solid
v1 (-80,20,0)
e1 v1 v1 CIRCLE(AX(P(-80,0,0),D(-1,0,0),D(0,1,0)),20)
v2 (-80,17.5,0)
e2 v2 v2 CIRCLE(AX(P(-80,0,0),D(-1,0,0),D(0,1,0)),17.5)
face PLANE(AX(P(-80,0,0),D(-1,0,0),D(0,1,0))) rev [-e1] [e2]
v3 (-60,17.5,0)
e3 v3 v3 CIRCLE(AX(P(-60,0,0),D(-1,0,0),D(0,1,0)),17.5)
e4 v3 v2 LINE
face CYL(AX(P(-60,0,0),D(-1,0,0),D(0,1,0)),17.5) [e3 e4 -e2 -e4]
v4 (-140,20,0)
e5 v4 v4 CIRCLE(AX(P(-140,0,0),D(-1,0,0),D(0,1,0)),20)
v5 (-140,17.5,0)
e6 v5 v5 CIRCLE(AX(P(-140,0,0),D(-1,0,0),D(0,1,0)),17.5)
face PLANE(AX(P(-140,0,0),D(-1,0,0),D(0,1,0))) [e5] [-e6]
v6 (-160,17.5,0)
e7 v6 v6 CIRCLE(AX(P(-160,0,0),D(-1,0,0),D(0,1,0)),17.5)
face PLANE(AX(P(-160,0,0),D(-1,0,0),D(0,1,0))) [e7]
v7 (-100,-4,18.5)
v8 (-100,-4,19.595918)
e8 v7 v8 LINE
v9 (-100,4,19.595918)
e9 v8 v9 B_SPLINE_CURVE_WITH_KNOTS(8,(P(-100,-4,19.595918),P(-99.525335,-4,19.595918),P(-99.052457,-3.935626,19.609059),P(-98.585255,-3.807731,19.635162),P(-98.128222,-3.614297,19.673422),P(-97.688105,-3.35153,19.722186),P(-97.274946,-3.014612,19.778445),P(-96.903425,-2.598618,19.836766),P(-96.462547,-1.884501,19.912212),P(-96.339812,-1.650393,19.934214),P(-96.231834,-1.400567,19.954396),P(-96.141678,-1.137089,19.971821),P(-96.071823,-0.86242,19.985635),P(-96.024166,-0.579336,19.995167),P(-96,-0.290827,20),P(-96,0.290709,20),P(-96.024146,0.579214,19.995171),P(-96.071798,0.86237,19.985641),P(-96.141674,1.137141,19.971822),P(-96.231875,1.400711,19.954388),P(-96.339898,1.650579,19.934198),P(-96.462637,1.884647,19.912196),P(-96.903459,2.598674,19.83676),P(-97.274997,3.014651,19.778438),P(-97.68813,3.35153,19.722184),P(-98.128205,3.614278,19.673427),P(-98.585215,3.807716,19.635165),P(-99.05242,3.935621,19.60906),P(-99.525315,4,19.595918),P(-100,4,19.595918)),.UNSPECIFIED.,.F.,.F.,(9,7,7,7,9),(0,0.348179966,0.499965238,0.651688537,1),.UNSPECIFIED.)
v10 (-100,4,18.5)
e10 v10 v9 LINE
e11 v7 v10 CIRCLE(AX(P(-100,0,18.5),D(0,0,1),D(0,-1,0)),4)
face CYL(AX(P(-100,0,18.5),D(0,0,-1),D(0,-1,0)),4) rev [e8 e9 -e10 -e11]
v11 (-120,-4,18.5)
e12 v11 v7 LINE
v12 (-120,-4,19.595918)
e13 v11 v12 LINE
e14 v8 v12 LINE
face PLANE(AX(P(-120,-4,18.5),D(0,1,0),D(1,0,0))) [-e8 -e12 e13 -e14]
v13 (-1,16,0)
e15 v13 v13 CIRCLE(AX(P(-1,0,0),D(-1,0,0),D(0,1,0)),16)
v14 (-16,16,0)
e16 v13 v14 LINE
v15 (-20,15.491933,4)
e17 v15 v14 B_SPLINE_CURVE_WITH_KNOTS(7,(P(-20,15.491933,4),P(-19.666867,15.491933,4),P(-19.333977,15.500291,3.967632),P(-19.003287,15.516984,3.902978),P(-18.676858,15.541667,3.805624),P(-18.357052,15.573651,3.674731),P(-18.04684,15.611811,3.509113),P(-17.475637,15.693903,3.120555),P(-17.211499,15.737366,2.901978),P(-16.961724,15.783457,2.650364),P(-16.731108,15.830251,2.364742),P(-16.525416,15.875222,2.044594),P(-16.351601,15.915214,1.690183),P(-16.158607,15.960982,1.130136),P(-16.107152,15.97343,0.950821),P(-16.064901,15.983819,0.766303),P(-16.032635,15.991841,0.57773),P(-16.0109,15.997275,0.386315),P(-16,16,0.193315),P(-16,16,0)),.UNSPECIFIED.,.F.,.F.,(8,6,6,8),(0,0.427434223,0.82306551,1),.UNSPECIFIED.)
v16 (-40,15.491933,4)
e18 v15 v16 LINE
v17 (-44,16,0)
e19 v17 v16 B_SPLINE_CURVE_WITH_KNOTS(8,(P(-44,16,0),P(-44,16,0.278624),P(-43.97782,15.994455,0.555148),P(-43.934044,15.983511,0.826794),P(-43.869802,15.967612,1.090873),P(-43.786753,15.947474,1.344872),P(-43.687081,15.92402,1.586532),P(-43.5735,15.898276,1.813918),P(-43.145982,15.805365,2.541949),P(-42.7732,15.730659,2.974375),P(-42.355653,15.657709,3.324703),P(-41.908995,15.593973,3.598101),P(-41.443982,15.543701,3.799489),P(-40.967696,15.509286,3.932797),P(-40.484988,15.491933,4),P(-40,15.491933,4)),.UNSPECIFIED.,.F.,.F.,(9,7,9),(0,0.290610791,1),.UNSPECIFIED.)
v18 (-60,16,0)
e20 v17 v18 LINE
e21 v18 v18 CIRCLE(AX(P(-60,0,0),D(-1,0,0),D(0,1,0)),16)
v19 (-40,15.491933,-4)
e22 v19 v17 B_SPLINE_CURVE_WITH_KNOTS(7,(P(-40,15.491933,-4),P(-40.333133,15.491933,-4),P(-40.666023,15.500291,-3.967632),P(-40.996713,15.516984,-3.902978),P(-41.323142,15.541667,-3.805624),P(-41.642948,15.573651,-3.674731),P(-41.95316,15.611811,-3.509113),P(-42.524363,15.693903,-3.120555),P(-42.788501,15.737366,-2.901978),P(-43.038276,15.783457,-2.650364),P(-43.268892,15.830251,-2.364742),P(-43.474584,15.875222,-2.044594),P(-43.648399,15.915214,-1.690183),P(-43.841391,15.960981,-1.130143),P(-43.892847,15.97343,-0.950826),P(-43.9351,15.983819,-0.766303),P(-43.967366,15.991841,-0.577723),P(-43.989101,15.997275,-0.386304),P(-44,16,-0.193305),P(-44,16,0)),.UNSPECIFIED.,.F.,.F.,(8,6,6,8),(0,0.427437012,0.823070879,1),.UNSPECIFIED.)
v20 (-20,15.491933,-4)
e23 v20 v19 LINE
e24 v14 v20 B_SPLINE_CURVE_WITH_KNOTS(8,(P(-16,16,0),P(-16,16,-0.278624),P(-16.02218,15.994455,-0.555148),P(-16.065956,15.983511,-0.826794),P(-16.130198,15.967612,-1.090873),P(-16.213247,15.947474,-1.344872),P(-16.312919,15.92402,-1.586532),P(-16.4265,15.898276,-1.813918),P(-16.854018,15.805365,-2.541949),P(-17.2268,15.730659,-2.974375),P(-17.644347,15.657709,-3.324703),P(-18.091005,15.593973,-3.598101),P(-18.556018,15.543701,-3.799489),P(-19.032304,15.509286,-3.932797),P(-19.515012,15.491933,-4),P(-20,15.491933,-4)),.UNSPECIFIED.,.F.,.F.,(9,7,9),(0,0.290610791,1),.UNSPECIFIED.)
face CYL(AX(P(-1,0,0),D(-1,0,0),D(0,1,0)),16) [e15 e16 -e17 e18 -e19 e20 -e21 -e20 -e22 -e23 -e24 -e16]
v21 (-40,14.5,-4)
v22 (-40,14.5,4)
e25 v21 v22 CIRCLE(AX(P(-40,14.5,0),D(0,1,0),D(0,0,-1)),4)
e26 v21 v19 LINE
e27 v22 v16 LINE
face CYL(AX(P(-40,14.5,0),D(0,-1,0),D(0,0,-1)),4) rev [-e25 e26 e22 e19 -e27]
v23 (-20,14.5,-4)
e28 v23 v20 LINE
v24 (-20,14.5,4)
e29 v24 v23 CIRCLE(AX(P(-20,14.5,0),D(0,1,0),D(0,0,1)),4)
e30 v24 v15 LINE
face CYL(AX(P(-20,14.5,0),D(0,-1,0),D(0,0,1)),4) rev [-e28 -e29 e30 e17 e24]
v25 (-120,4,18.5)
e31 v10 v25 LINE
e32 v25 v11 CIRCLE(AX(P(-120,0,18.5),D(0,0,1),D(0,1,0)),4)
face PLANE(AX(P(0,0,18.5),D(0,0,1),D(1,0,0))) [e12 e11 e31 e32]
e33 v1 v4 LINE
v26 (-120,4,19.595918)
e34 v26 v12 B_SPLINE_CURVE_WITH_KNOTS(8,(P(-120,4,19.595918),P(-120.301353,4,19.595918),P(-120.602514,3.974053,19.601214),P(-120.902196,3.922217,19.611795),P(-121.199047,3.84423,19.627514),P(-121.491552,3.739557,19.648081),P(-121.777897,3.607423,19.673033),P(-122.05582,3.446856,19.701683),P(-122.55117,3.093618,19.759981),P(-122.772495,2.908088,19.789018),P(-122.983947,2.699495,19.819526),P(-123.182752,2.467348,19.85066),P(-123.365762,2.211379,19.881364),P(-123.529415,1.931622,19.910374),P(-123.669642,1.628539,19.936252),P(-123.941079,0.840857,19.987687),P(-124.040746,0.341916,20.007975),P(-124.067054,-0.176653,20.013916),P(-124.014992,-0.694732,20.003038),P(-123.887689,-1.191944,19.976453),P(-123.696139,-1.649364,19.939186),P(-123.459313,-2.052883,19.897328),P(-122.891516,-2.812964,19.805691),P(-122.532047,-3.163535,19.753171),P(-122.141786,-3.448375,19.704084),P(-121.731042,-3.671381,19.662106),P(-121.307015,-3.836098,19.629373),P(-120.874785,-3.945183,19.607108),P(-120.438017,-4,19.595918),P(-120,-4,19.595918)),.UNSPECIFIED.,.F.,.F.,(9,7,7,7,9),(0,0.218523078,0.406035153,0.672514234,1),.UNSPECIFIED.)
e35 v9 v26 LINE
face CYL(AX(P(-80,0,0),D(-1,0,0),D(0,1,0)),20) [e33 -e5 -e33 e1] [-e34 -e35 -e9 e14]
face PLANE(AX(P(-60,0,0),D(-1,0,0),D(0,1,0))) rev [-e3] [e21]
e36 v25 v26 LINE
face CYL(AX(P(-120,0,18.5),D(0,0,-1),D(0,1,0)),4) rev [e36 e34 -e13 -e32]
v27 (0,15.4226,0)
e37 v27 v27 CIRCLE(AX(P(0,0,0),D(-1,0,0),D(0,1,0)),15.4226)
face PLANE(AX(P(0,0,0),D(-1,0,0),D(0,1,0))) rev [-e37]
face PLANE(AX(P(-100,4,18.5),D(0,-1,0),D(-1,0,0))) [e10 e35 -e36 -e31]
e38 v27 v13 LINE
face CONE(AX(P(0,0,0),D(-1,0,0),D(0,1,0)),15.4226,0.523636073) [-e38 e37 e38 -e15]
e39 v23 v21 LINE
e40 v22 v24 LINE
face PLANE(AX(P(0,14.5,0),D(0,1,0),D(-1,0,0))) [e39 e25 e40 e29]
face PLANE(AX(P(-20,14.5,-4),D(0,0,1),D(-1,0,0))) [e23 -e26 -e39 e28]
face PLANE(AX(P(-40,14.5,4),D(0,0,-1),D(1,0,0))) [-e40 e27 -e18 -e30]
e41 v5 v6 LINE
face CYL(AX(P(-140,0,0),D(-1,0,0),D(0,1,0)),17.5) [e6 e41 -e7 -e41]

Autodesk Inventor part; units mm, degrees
ref_plane "YZ Plane" through (0, 0, 0) normal (1, 0, 0) x (0, 1, 0)
sketch "Эскиз1" plane through (0, 0, 0) normal (0, 0, 1) x (1, 0, 0)
  line L0 (0, 0) -> (-160, 0)
  line L1 (0, 0) -> (0, 15.4226)
  line L2 (0, 15.4226) -> (-1, 16)
  line L3 (-1, 16) -> (-60, 16)
  line L4 (-60, 16) -> (-60, 17.5)
  line L5 (-60, 17.5) -> (-80, 17.5)
  line L6 (-80, 17.5) -> (-80, 20)
  line L7 (-80, 20) -> (-140, 20)
  line L8 (-140, 20) -> (-140, 17.5)
  line L9 (-140, 17.5) -> (-160, 17.5)
  line L10 (-160, 17.5) -> (-160, 0)
  dimension "d0" = 160
  dimension "d1" = 32
  dimension "d2" = 30
  dimension "d3" = 1
  dimension "d4" = 60
  dimension "d5" = 35
  dimension "d6" = 20
  dimension "d7" = 40
revolve "Вращение1" add sketch "Эскиз1" angle 360 about axis through (0, 0, 0) along (-1, 0, 0)
ref_plane "РабПлоскость1" through (0, 14.5, 0) normal (0, 1, 0) x (-1, 0, 0)
ref_plane "РабПлоскость2" through (0, 0, 18.5) normal (0, 0, 1) x (1, 0, 0)
sketch "Эскиз3" plane through (0, 14.5, 0) normal (0, 1, 0) x (-1, 0, 0)
  line L0 (0, 15.4226) -> (0, -15.4226) projected
  line L1 (80, 20) -> (80, -20) projected
  line L2 (140, 20) -> (140, -20) projected
  line L3 (44, 0) -> (16, 0) construction
  line L4 (40, 4) -> (20, 4)
  line L5 (20, -4) -> (40, -4)
  arc A0 (40, -4) -> (40, 4) centre (40, 0) ccw
  arc A1 (20, 4) -> (20, -4) centre (20, 0) ccw
  point P0 (0, 0)
  point P1 (30, 0)
  point P2 (80, 0)
  dimension "d11" = 20
  dimension "d12" = 8
  dimension "d13" = 50
extrude "Выдавливание1" cut sketch "Эскиз3" along normal through all
sketch "Эскиз4" plane through (0, 0, 18.5) normal (0, 0, 1) x (1, 0, 0)
  line L0 (-124, 0) -> (-96, 0) construction
  line L1 (-120, -4) -> (-100, -4)
  line L2 (-100, 4) -> (-120, 4)
  arc A0 (-120, 4) -> (-120, -4) centre (-120, 0) ccw
  arc A1 (-100, -4) -> (-100, 4) centre (-100, 0) ccw
  line L3 (-80, -17.5) -> (-80, 17.5) projected
  point P0 (0, 0)
  point P1 (-110, 0)
  point P2 (-80, 0)
  dimension "d16" = 20
  dimension "d17" = 8
  dimension "d18" = 30
extrude "Выдавливание2" cut sketch "Эскиз4" along normal through all
properties part number "Shaft1"
